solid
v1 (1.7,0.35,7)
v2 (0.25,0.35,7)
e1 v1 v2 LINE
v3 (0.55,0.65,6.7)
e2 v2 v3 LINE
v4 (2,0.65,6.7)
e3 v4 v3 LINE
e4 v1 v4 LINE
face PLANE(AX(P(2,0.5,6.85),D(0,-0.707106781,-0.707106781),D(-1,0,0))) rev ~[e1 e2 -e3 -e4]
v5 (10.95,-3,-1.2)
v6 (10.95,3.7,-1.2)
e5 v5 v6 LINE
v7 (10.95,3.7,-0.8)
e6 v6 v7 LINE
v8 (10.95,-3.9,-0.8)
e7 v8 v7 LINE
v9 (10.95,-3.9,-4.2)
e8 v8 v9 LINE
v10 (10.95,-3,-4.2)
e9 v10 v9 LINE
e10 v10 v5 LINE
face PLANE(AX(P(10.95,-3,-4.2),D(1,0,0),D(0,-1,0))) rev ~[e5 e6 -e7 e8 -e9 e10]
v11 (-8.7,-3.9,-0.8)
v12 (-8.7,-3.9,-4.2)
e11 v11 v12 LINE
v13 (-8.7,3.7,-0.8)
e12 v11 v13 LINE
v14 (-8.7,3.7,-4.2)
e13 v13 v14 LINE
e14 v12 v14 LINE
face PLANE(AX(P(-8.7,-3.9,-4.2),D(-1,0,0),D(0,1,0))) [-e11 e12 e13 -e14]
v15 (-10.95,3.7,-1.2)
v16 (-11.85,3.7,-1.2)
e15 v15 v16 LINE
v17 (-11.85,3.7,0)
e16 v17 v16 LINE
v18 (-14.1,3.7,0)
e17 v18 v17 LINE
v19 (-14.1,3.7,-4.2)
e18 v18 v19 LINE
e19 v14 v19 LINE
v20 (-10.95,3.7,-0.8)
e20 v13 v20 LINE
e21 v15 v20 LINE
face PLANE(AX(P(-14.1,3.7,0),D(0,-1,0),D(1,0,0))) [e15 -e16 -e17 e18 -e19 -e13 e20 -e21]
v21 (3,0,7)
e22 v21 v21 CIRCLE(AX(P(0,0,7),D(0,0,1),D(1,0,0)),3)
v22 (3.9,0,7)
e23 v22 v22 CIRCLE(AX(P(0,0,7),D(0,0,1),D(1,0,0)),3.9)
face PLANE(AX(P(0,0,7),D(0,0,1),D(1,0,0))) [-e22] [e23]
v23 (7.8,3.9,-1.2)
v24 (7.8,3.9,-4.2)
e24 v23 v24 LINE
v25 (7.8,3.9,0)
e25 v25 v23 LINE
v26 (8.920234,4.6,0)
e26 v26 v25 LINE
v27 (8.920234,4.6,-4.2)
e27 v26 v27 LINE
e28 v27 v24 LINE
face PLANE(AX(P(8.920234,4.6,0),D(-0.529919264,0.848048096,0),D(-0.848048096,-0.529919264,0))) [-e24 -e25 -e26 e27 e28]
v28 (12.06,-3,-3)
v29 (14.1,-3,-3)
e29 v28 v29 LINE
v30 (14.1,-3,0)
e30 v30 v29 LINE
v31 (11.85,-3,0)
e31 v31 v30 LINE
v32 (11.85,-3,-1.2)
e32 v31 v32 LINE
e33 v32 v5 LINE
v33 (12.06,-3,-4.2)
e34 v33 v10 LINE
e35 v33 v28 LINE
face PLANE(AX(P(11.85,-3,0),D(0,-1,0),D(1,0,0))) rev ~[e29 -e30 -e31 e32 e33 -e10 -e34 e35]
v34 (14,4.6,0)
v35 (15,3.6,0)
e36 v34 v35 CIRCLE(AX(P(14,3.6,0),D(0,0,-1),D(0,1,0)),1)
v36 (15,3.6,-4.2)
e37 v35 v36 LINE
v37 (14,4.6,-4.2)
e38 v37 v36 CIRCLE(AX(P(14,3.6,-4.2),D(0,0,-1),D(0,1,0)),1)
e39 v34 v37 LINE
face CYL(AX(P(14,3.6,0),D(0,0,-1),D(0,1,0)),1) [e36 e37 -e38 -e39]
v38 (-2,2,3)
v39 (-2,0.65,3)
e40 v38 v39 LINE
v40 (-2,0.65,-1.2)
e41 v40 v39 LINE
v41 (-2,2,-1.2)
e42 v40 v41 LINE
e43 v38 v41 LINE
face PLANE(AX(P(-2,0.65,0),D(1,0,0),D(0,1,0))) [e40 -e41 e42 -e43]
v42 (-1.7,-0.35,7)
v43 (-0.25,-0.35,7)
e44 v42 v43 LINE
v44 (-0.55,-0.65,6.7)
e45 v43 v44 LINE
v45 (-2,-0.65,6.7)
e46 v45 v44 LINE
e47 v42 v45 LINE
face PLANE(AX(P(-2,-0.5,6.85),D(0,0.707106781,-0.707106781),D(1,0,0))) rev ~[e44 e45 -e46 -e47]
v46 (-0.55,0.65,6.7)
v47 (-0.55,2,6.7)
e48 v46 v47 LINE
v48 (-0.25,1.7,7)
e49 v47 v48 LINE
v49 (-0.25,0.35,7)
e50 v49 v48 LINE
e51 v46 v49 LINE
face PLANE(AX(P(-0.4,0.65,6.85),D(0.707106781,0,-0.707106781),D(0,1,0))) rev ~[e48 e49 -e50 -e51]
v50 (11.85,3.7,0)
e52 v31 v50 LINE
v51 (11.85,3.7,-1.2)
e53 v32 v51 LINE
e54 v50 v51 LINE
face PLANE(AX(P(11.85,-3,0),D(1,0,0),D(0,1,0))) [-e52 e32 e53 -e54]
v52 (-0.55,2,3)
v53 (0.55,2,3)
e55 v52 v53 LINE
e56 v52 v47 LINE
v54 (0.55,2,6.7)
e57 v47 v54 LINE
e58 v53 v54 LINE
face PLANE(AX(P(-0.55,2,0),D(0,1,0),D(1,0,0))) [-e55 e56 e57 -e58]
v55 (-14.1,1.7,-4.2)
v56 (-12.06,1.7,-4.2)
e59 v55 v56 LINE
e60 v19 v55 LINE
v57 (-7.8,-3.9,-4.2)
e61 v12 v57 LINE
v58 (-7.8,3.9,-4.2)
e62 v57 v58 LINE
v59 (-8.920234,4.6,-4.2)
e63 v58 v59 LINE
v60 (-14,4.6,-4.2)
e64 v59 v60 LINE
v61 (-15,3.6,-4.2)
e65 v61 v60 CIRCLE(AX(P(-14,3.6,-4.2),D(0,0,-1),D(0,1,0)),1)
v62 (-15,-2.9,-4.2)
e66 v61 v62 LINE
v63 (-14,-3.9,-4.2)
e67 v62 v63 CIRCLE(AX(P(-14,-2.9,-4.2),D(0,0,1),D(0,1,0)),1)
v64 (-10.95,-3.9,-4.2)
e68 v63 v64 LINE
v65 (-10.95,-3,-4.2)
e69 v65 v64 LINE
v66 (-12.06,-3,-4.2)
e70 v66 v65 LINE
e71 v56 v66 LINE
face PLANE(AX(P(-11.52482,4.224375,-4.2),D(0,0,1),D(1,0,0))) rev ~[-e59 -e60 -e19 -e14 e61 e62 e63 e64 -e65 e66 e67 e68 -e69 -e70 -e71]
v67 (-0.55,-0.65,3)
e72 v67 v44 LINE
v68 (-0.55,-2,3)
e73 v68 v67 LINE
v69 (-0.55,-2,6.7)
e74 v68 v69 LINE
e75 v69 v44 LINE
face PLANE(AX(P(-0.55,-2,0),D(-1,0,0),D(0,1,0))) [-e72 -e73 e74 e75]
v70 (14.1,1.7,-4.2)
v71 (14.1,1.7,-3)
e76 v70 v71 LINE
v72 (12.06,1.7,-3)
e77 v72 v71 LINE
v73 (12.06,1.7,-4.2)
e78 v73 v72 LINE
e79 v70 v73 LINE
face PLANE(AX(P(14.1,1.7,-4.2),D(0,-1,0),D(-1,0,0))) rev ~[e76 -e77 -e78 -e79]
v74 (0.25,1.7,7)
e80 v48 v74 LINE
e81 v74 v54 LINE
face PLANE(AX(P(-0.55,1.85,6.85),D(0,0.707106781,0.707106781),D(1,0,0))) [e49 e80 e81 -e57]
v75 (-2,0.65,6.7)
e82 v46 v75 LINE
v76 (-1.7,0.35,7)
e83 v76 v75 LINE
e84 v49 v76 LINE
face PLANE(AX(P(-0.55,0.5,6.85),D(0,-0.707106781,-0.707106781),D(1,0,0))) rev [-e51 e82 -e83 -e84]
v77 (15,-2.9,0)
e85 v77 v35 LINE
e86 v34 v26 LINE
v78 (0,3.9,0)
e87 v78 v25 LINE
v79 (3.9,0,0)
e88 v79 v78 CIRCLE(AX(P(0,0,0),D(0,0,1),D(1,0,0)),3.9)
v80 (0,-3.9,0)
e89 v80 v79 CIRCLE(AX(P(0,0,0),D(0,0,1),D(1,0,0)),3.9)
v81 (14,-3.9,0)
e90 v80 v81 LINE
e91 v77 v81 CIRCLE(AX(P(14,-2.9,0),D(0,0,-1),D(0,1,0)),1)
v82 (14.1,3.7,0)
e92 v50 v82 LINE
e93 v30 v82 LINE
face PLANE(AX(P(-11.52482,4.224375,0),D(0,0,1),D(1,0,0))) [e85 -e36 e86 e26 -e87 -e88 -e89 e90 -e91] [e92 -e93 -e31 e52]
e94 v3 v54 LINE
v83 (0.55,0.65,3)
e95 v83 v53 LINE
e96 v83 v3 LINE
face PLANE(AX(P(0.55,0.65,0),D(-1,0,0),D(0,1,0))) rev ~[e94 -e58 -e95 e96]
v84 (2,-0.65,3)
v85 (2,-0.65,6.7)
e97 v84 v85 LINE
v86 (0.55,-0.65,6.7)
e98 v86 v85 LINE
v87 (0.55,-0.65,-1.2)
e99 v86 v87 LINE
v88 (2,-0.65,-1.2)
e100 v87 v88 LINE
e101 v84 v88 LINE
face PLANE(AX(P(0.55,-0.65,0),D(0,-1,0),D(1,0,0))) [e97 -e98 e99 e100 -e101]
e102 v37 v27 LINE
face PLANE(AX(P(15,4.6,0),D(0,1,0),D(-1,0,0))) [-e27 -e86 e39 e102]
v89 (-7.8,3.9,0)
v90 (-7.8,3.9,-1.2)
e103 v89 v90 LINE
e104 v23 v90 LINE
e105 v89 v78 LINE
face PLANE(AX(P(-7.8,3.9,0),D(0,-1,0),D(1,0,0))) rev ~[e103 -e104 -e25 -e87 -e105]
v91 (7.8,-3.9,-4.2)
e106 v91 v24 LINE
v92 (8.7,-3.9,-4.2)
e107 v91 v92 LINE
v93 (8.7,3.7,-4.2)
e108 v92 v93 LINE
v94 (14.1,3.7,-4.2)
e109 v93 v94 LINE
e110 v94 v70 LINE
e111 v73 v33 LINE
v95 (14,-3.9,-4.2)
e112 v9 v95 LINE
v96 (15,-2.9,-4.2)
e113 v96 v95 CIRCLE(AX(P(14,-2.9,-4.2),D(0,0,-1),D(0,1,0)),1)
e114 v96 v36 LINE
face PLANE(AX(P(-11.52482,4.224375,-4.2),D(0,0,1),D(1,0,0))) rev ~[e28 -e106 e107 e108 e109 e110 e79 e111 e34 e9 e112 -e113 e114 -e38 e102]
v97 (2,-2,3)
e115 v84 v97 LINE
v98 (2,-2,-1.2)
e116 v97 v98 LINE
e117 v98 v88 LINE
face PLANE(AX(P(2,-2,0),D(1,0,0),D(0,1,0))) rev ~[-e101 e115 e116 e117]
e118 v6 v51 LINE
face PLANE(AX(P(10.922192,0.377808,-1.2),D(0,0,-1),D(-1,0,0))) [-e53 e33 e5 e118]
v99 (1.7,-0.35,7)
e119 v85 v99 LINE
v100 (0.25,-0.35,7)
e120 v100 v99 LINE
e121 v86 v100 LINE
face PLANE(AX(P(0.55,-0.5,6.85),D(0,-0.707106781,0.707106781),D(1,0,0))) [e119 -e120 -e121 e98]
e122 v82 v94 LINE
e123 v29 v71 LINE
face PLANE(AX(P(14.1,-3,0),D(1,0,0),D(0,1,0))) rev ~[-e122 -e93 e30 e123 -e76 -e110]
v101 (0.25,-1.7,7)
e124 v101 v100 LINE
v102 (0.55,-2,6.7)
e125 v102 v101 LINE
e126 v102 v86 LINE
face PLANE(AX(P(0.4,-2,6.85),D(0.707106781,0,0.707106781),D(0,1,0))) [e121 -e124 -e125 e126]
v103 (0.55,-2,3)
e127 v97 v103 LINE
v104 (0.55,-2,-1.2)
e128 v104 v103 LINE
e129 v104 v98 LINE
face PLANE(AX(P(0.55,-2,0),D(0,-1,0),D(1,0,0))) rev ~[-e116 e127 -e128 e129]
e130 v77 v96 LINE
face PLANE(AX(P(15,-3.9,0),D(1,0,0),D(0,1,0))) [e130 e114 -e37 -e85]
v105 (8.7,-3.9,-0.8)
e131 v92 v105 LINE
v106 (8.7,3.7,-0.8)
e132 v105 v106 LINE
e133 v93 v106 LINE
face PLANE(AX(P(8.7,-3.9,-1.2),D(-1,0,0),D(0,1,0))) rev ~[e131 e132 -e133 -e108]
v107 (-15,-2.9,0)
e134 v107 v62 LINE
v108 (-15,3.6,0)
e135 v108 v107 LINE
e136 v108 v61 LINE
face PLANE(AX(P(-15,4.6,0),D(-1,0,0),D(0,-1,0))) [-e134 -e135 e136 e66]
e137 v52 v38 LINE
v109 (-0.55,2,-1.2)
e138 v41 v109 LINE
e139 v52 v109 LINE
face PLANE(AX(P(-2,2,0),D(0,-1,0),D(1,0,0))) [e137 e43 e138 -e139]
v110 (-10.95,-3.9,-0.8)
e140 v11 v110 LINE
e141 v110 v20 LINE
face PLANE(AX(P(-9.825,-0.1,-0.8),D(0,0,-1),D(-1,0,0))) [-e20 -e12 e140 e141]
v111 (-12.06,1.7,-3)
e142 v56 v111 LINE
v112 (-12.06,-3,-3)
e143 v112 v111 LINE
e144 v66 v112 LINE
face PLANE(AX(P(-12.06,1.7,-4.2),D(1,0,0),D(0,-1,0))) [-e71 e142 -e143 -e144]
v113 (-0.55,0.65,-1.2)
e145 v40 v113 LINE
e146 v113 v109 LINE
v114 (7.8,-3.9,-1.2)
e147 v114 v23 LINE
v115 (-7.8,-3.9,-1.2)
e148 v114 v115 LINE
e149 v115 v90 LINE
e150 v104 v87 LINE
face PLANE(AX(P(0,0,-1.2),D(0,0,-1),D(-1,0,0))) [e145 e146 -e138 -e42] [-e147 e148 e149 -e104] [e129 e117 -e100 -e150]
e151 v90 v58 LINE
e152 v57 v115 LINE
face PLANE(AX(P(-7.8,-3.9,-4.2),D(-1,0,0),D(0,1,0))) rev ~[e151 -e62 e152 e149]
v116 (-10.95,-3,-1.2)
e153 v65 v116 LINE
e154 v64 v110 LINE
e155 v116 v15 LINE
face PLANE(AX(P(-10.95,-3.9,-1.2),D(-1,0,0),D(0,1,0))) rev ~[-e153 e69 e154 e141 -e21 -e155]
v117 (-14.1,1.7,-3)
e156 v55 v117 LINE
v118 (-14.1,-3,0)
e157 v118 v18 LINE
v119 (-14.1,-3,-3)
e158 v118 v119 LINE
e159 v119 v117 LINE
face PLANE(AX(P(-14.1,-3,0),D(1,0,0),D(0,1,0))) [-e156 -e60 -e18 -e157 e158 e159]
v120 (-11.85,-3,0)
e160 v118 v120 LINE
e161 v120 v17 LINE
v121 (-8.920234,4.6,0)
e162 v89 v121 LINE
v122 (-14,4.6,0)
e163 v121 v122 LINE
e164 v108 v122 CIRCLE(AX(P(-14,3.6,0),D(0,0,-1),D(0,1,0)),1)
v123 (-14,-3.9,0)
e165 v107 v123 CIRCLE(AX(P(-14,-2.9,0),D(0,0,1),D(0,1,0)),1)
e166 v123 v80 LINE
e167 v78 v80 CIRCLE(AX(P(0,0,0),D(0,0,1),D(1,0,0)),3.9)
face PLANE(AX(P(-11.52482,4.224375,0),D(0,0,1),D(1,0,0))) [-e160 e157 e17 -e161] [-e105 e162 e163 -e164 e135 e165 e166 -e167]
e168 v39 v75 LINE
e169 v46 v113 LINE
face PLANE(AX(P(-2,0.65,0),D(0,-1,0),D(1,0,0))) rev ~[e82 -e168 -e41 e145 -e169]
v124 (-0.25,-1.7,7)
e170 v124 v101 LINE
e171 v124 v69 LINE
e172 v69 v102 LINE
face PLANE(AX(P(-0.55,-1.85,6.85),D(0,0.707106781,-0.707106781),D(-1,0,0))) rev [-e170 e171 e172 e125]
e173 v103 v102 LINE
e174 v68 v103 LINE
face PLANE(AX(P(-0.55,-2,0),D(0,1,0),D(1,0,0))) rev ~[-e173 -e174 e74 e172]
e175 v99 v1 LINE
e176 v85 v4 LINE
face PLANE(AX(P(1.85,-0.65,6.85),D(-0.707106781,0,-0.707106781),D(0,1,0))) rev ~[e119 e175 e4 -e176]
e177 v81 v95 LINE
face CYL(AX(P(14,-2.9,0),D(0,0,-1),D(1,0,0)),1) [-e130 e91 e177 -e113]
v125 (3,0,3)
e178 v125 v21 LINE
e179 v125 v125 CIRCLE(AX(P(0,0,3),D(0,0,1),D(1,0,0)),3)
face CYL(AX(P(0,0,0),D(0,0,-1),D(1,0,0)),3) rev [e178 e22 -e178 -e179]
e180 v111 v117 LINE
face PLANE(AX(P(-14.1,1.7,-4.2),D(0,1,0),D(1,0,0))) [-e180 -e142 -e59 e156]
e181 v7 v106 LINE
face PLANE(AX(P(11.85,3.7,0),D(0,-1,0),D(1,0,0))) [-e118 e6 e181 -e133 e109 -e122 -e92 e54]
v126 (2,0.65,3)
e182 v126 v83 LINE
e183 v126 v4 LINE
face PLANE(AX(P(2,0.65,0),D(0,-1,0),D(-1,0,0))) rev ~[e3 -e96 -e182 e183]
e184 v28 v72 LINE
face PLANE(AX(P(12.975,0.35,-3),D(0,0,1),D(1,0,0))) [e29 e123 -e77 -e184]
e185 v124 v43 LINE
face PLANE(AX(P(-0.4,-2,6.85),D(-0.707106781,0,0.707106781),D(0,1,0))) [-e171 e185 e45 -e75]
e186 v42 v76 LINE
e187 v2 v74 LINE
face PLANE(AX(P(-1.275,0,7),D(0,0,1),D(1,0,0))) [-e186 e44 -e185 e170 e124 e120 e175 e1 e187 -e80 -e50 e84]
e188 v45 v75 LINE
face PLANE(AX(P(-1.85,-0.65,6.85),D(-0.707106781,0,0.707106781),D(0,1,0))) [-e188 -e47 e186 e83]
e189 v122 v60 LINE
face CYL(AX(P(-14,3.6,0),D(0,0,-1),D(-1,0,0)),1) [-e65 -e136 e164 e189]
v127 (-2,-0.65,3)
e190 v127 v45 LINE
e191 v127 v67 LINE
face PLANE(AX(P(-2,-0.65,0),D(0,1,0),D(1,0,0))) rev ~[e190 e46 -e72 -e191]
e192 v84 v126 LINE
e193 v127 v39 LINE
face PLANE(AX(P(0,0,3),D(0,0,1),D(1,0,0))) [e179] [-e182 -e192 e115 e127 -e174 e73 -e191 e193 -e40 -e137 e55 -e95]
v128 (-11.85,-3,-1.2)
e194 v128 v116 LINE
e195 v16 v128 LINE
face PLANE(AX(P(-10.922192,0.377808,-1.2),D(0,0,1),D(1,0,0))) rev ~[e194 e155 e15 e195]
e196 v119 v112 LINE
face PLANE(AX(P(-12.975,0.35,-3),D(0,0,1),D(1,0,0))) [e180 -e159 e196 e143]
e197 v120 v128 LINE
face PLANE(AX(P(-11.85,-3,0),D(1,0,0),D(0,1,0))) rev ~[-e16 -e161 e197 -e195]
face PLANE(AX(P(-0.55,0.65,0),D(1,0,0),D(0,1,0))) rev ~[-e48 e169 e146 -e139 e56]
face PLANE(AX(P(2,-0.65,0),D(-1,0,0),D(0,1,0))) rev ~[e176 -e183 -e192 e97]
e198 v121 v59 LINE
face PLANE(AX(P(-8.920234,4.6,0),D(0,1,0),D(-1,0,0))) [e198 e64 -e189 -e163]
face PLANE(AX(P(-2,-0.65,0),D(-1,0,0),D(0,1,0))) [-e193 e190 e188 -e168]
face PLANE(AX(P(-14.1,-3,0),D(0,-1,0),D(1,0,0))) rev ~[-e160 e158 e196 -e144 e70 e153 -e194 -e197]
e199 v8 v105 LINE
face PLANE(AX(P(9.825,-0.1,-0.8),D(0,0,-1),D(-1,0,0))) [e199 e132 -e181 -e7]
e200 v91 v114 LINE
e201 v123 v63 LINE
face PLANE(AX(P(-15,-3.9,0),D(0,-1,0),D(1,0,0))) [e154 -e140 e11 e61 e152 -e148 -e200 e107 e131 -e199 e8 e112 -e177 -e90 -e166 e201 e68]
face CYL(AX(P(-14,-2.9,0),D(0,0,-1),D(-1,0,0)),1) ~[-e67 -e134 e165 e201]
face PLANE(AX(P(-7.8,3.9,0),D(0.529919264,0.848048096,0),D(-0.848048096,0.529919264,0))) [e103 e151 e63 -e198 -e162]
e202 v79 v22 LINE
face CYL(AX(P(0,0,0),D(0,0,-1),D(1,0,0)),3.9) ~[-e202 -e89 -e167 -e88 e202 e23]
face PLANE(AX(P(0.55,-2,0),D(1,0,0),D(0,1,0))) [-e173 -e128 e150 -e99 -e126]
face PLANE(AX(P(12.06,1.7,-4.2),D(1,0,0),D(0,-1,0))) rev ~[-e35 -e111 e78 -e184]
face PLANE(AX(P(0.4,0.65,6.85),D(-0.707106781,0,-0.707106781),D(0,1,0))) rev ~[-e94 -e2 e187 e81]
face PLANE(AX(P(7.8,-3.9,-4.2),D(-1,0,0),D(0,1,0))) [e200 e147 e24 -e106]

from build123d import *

# Parameters (mm, degrees)
SKETCH1_R               = 3.9
SKETCH1_R_2             = 3
SKETCH1_W               = 1.45
SKETCH1_H               = 1.3
SKETCH1_W_2             = 1.1
SKETCH1_H_2             = 1.35
BOSS_EXTRUDE1_DEPTH     = 7
SKETCH2_R               = 3
BOSS_EXTRUDE2_DEPTH     = 3
SKETCH4_W               = 30
SKETCH4_H               = 7.8
BOSS_EXTRUDE3_DEPTH     = 4.2
SKETCH3_W               = 1.45
SKETCH3_H               = 1.35
CUT_EXTRUDE3_DEPTH      = 18.180221186
CUT_EXTRUDE3_DEPTH_BACK = 18.180221186
SKETCH5_W               = 15.6
SKETCH5_H               = 7.8
CUT_EXTRUDE4_DEPTH      = 3
SKETCH6_W               = 2.25
SKETCH6_H               = 6.7
CUT_EXTRUDE5_DEPTH      = 3
CUT_EXTRUDE6_DEPTH      = 3
SKETCH8_W               = 2.25
SKETCH8_H               = 7.6
CUT_EXTRUDE7_DEPTH      = 0.4
FILLET1_R               = 1
CHAMFER1_SIZE           = 0.3


with BuildPart() as part:
    # Sketch1 → Boss-Extrude1 (new body)
    with BuildSketch(Plane.XY):
        Circle(SKETCH1_R)
        Circle(SKETCH1_R_2, mode=Mode.SUBTRACT)
        with Locations((-1.275, 0)):
            Rectangle(SKETCH1_W, SKETCH1_H)
        with Locations((0, -1.325)):
            Rectangle(SKETCH1_W_2, SKETCH1_H_2)
        Rectangle(SKETCH1_W_2, SKETCH1_H)
        with Locations((1.275, 0)):
            Rectangle(SKETCH1_W, SKETCH1_H)
        with Locations((0, 1.325)):
            Rectangle(SKETCH1_W_2, SKETCH1_H_2)
    extrude(amount=BOSS_EXTRUDE1_DEPTH)

    # Sketch2 → Boss-Extrude2 (add)
    with BuildSketch(Plane.XY):
        Circle(SKETCH2_R)
    extrude(amount=BOSS_EXTRUDE2_DEPTH)

    # Sketch4 → Boss-Extrude3 (add)
    with BuildSketch(Plane.XY):
        Polygon((-15, 4.6), (-15, 3.9), (-7.8, 3.9), (-8.92023417, 4.6), align=None)
        Rectangle(SKETCH4_W, SKETCH4_H)
        Polygon((8.92023417, 4.6), (7.8, 3.9), (15, 3.9), (15, 4.6), align=None)
    extrude(amount=-BOSS_EXTRUDE3_DEPTH)

    # Sketch3 → Cut-Extrude3 (cut, two sides)
    with BuildSketch(Plane.XY) as cut_extrude3_sk:
        with Locations((-1.275, 1.325)):
            Rectangle(SKETCH3_W, SKETCH3_H)
        with Locations((1.275, -1.325)):
            Rectangle(SKETCH3_W, SKETCH3_H)
    extrude(amount=CUT_EXTRUDE3_DEPTH, mode=Mode.SUBTRACT)
    extrude(cut_extrude3_sk.sketch, amount=-CUT_EXTRUDE3_DEPTH_BACK, mode=Mode.SUBTRACT)

    # Sketch5 → Cut-Extrude4 (cut)
    with BuildSketch(Plane(origin=(0, 0, -4.2), x_dir=(-1, 0, 0), z_dir=(0, 0, -1))):
        Rectangle(SKETCH5_W, SKETCH5_H)
    extrude(amount=-CUT_EXTRUDE4_DEPTH, mode=Mode.SUBTRACT)

    # Sketch6 → Cut-Extrude5 (cut)
    with BuildSketch(Plane.XY):
        with Locations((12.975, 0.35)):
            Rectangle(SKETCH6_W, SKETCH6_H)
        with Locations((-12.975, 0.35)):
            Rectangle(SKETCH6_W, SKETCH6_H)
    extrude(amount=-CUT_EXTRUDE5_DEPTH, mode=Mode.SUBTRACT)

    # Sketch7 → Cut-Extrude6 (cut)
    with BuildSketch(Plane(origin=(0, 0, -4.2), x_dir=(-1, 0, 0), z_dir=(0, 0, -1))):
        Polygon((12.06, -3), (10.95, -3), (10.95, -3.9), (8.7, -3.9), (8.7, 3.7), (14.1, 3.7), (14.1, 1.7), (12.06, 1.7), align=None)
        Polygon((-8.7, 3.7), (-14.1, 3.7), (-14.1, 1.7), (-12.06, 1.7), (-12.06, -3), (-10.95, -3), (-10.95, -3.9), (-8.7, -3.9), align=None)
    extrude(amount=-CUT_EXTRUDE6_DEPTH, mode=Mode.SUBTRACT)

    # Sketch8 → Cut-Extrude7 (cut)
    with BuildSketch(Plane(origin=(0, 0, -1.2), x_dir=(-1, 0, 0), z_dir=(0, 0, -1))):
        with Locations((-9.825, -0.1)):
            Rectangle(SKETCH8_W, SKETCH8_H)
        with Locations((9.825, -0.1)):
            Rectangle(SKETCH8_W, SKETCH8_H)
    extrude(amount=-CUT_EXTRUDE7_DEPTH, mode=Mode.SUBTRACT)

    # Fillet1
    fillet1_edges = [part.edges().sort_by_distance(p)[0] for p in [
        (-15, 4.6, -2.1),
        (15, 4.6, -2.1),
        (15, -3.9, -2.1),
        (-15, -3.9, -2.1),
    ]]
    fillet(fillet1_edges, radius=FILLET1_R)

    # Chamfer1
    chamfer1_edges = [part.edges().sort_by_distance(p)[0] for p in [
        (-2, 0, 7),
        (-1.275, -0.65, 7),
        (-0.55, -1.325, 7),
        (0, -2, 7),
        (0.55, -1.325, 7),
        (1.275, -0.65, 7),
        (-0.55, 1.325, 7),
        (2, 0, 7),
        (1.275, 0.65, 7),
        (0.55, 1.325, 7),
        (0, 2, 7),
        (-1.275, 0.65, 7),
    ]]
    chamfer(chamfer1_edges, length=CHAMFER1_SIZE)


solid = part.part
